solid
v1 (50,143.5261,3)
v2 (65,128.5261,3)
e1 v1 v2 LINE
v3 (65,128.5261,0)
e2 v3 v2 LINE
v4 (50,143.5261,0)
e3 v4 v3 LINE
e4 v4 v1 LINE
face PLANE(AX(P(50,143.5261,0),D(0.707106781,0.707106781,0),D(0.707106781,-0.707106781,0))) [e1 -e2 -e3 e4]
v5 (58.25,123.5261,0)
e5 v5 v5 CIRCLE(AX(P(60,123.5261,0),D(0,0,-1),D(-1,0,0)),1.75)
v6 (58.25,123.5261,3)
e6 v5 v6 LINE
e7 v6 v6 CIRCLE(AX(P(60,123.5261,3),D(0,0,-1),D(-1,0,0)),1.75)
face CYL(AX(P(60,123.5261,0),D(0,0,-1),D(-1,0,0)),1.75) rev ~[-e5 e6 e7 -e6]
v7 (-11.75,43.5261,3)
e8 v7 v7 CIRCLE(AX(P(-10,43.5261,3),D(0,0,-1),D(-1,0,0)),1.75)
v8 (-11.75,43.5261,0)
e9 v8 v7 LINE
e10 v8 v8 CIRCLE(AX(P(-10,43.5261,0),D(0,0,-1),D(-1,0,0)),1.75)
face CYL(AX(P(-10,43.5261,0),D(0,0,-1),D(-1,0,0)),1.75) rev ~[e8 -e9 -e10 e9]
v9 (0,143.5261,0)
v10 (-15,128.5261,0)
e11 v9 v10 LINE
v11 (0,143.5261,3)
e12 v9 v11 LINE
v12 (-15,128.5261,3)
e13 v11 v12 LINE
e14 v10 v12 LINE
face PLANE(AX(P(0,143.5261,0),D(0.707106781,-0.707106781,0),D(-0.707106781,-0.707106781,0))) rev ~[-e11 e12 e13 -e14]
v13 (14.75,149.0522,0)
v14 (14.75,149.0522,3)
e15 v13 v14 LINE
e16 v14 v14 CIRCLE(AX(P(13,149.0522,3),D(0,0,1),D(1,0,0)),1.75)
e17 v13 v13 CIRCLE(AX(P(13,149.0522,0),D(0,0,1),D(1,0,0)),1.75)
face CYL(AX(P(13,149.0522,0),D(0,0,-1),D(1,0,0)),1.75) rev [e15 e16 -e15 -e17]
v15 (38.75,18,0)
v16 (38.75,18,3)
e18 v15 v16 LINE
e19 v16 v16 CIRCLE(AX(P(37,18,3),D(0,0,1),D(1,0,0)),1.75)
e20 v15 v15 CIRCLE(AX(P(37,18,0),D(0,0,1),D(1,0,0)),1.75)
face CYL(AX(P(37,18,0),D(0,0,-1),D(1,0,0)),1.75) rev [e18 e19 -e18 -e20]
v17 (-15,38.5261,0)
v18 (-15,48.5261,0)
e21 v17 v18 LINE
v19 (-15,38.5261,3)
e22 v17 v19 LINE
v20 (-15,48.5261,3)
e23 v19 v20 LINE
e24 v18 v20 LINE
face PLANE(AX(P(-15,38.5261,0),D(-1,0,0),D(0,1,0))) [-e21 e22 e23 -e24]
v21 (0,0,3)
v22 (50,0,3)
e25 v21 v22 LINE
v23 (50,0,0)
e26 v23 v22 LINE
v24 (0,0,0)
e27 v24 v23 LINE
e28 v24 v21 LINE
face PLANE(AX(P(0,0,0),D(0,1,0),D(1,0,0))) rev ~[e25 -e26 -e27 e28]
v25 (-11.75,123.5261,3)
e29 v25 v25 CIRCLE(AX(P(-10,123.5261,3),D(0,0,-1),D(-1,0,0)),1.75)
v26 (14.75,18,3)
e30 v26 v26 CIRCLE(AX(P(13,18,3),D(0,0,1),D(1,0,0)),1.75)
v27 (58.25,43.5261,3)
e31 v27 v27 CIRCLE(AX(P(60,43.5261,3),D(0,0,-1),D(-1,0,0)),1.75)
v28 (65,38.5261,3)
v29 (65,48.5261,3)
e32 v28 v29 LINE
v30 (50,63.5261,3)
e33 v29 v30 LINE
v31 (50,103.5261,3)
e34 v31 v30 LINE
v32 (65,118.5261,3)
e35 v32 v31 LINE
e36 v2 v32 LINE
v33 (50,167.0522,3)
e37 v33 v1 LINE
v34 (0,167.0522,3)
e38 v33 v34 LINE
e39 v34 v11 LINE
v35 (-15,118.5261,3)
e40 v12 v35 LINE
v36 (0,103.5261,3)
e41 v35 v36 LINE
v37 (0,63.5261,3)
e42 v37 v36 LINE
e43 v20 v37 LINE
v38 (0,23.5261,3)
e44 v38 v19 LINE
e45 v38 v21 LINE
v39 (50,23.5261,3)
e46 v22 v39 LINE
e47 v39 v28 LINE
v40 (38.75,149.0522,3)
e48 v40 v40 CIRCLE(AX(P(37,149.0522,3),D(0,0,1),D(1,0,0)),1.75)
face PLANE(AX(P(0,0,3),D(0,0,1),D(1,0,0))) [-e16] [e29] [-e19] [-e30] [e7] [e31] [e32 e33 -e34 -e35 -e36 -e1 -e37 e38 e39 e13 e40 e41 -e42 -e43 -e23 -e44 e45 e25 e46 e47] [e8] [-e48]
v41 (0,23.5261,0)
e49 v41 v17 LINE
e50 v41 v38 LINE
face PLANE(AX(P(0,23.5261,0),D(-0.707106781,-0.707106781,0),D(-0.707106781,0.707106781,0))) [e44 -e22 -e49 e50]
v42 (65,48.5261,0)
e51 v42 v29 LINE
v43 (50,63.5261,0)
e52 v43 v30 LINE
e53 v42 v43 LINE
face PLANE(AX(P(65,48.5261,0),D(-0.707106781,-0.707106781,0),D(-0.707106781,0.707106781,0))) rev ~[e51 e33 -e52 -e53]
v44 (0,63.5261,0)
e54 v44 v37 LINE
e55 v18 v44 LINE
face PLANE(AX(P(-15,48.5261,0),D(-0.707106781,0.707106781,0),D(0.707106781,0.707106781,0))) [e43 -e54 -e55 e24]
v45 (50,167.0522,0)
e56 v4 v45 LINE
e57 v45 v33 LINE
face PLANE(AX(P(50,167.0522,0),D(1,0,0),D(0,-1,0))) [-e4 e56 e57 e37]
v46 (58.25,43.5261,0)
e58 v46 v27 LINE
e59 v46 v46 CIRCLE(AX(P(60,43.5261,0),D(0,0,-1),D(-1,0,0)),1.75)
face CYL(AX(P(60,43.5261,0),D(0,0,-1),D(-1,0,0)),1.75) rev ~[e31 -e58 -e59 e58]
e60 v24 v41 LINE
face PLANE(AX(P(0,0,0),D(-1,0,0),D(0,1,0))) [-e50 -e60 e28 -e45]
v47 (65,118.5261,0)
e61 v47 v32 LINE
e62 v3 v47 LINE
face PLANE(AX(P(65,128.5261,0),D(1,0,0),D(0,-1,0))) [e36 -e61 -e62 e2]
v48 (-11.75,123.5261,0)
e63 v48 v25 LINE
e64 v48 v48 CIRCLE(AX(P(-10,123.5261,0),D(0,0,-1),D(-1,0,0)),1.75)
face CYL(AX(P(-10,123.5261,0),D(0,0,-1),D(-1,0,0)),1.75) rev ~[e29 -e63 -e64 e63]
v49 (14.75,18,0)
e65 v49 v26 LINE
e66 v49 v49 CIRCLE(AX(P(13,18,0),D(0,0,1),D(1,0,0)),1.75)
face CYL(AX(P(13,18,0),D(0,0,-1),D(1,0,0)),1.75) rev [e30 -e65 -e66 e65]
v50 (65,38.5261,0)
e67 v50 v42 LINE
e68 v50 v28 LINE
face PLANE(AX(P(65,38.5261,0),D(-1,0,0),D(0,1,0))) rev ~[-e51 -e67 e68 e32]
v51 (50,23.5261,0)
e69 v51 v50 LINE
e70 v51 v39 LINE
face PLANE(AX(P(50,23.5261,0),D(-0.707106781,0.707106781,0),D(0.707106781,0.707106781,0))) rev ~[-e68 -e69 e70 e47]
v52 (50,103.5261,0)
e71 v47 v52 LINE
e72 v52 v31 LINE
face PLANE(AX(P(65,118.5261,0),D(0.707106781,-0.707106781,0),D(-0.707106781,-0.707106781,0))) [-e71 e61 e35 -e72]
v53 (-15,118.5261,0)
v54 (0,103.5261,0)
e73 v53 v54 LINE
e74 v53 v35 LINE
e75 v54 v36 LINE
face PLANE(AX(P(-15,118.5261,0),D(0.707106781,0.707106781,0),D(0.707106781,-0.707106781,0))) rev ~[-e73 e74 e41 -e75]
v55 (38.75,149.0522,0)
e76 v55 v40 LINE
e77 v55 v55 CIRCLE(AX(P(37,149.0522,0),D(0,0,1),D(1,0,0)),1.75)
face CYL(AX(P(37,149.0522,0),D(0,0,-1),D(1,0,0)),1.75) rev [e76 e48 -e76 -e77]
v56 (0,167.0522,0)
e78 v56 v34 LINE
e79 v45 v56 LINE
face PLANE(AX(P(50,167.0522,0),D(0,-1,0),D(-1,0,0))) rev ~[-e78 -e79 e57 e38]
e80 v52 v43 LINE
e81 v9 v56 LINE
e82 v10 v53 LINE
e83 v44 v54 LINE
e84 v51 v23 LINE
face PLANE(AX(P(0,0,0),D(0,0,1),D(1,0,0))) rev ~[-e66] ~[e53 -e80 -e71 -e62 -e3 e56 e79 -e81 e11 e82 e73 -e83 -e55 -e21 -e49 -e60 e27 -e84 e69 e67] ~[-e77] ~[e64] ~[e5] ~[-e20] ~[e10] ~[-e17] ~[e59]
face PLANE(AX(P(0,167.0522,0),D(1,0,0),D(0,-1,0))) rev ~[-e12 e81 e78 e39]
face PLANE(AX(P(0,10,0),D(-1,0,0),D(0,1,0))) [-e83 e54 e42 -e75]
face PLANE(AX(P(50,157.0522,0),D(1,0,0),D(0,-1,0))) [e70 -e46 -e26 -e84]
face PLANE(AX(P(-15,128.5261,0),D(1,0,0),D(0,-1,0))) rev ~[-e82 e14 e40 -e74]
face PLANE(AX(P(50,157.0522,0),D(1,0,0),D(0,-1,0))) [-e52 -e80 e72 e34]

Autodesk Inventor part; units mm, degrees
ref_plane "YZ Plane" through (0, 0, 0) normal (1, 0, 0) x (0, 1, 0)
ref_plane "XZ Plane" through (0, 0, 0) normal (0, 1, 0) x (-1, 0, 0)
ref_plane "XY Plane" through (0, 0, 0) normal (0, 0, 1) x (1, 0, 0)
sketch "Sketch1" plane through (0, 0, 0) normal (0, 0, 1) x (1, 0, 0)
  circle A0 centre (37, 149.0522) radius 1.75 projected
  circle A1 centre (13, 149.0522) radius 1.75 projected
  line L0 (50, 167.0522) -> (0, 167.0522) projected
  line L1 (0, 167.0522) -> (0, 157.0522) projected
  line L2 (7.8364, 157.0522) -> (0, 157.0522) construction
  line L3 (9.0389, 148.4955) -> (7.8364, 157.0522) construction
  arc A2 (9.0389, 148.4955) -> (16.9611, 148.4955) centre (13, 149.0522) ccw construction
  line L4 (18.1636, 157.0522) -> (16.9611, 148.4955) construction
  line L5 (31.8364, 157.0522) -> (18.1636, 157.0522) construction
  line L6 (33.0389, 148.4955) -> (31.8364, 157.0522) construction
  arc A3 (33.0389, 148.4955) -> (40.9611, 148.4955) centre (37, 149.0522) ccw construction
  line L7 (42.1636, 157.0522) -> (40.9611, 148.4955) construction
  line L8 (50, 157.0522) -> (42.1636, 157.0522) construction
  line L9 (50, 167.0522) -> (50, 157.0522) projected
  circle A4 centre (13, 18) radius 1.75 projected
  circle A5 centre (37, 18) radius 1.75 projected
  line L10 (0, 0) -> (50, 0) projected
  line L11 (50, 0) -> (50, 10) projected
  line L12 (42.1636, 10) -> (50, 10) construction
  line L13 (40.9611, 18.5567) -> (42.1636, 10) construction
  arc A6 (40.9611, 18.5567) -> (33.0389, 18.5567) centre (37, 18) ccw construction
  line L14 (31.8364, 10) -> (33.0389, 18.5567) construction
  line L15 (18.1636, 10) -> (31.8364, 10) construction
  line L16 (16.9611, 18.5567) -> (18.1636, 10) construction
  arc A7 (16.9611, 18.5567) -> (9.0389, 18.5567) centre (13, 18) ccw construction
  line L17 (7.8364, 10) -> (9.0389, 18.5567) construction
  line L18 (0, 10) -> (7.8364, 10) construction
  line L19 (0, 0) -> (0, 10) projected
  line L20 (0, 167.0522) -> (50, 167.0522)
  line L21 (50, 167.0522) -> (50, 0)
  line L22 (50, 0) -> (0, 0)
  line L23 (0, 0) -> (0, 167.0522)
extrude "Extrusion1" add sketch "Sketch1" along normal blind 3
sketch "Sketch2" plane through (0, 0, 3) normal (0, 0, 1) x (1, 0, 0)
  arc A0 (9.0389, 148.4955) -> (16.9611, 148.4955) centre (13, 149.0522) ccw projected
  arc A1 (33.0389, 148.4955) -> (40.9611, 148.4955) centre (37, 149.0522) ccw projected
  arc A2 (40.9611, 18.5567) -> (33.0389, 18.5567) centre (37, 18) ccw projected
  arc A3 (16.9611, 18.5567) -> (9.0389, 18.5567) centre (13, 18) ccw projected
  point P0 (0, 0)
sketch "Sketch3" plane through (0, 0, 0) normal (0, 0, -1) x (-1, 0, 0)
  line L0 (0, 167.0522) -> (0, 0) projected
  line L1 (0, 143.5261) -> (15, 128.5261)
  line L2 (15, 128.5261) -> (15, 118.5261)
  line L3 (15, 118.5261) -> (0, 103.5261)
  line L4 (0, 83.5261) -> (-50, 83.5261) construction
  line L5 (-50, 0) -> (-50, 167.0522) projected
  circle A0 centre (10, 123.5261) radius 1.75
  line L6 (0, 167.0522) -> (0, 0) projected
  line L7 (15, 123.5261) -> (10, 123.5261) construction
  line L8 (-50, 167.0522) -> (0, 167.0522) projected
  line L9 (-25, 167.0522) -> (-25, 0) construction
  line L10 (-50, 143.5261) -> (-65, 128.5261)
  line L11 (-65, 128.5261) -> (-65, 118.5261)
  line L12 (-65, 118.5261) -> (-50, 103.5261)
  circle A1 centre (-60, 123.5261) radius 1.75
  line L13 (0, 23.5261) -> (15, 38.5261)
  line L14 (15, 38.5261) -> (15, 48.5261)
  line L15 (15, 48.5261) -> (0, 63.5261)
  circle A2 centre (10, 43.5261) radius 1.75
  circle A3 centre (-60, 43.5261) radius 1.75
  line L16 (-50, 23.5261) -> (-65, 38.5261)
  line L17 (-65, 38.5261) -> (-65, 48.5261)
  line L18 (-65, 48.5261) -> (-50, 63.5261)
  point P0 (0, 63.5261)
  dimension "d2" = 45
  dimension "d3" = 3.5
  dimension "d4" = 15
  dimension "d5" = 5
  dimension "d6" = 10
  dimension "d7" = 20
extrude "Extrusion2" add sketch "Sketch3" against normal up to surface (3 mm away)
ref_plane "Work Plane1" through (25, 63.5261, 0) normal (-1, 0, 0) x (0, 0, 1)
properties part number "Center_lysekrone"
